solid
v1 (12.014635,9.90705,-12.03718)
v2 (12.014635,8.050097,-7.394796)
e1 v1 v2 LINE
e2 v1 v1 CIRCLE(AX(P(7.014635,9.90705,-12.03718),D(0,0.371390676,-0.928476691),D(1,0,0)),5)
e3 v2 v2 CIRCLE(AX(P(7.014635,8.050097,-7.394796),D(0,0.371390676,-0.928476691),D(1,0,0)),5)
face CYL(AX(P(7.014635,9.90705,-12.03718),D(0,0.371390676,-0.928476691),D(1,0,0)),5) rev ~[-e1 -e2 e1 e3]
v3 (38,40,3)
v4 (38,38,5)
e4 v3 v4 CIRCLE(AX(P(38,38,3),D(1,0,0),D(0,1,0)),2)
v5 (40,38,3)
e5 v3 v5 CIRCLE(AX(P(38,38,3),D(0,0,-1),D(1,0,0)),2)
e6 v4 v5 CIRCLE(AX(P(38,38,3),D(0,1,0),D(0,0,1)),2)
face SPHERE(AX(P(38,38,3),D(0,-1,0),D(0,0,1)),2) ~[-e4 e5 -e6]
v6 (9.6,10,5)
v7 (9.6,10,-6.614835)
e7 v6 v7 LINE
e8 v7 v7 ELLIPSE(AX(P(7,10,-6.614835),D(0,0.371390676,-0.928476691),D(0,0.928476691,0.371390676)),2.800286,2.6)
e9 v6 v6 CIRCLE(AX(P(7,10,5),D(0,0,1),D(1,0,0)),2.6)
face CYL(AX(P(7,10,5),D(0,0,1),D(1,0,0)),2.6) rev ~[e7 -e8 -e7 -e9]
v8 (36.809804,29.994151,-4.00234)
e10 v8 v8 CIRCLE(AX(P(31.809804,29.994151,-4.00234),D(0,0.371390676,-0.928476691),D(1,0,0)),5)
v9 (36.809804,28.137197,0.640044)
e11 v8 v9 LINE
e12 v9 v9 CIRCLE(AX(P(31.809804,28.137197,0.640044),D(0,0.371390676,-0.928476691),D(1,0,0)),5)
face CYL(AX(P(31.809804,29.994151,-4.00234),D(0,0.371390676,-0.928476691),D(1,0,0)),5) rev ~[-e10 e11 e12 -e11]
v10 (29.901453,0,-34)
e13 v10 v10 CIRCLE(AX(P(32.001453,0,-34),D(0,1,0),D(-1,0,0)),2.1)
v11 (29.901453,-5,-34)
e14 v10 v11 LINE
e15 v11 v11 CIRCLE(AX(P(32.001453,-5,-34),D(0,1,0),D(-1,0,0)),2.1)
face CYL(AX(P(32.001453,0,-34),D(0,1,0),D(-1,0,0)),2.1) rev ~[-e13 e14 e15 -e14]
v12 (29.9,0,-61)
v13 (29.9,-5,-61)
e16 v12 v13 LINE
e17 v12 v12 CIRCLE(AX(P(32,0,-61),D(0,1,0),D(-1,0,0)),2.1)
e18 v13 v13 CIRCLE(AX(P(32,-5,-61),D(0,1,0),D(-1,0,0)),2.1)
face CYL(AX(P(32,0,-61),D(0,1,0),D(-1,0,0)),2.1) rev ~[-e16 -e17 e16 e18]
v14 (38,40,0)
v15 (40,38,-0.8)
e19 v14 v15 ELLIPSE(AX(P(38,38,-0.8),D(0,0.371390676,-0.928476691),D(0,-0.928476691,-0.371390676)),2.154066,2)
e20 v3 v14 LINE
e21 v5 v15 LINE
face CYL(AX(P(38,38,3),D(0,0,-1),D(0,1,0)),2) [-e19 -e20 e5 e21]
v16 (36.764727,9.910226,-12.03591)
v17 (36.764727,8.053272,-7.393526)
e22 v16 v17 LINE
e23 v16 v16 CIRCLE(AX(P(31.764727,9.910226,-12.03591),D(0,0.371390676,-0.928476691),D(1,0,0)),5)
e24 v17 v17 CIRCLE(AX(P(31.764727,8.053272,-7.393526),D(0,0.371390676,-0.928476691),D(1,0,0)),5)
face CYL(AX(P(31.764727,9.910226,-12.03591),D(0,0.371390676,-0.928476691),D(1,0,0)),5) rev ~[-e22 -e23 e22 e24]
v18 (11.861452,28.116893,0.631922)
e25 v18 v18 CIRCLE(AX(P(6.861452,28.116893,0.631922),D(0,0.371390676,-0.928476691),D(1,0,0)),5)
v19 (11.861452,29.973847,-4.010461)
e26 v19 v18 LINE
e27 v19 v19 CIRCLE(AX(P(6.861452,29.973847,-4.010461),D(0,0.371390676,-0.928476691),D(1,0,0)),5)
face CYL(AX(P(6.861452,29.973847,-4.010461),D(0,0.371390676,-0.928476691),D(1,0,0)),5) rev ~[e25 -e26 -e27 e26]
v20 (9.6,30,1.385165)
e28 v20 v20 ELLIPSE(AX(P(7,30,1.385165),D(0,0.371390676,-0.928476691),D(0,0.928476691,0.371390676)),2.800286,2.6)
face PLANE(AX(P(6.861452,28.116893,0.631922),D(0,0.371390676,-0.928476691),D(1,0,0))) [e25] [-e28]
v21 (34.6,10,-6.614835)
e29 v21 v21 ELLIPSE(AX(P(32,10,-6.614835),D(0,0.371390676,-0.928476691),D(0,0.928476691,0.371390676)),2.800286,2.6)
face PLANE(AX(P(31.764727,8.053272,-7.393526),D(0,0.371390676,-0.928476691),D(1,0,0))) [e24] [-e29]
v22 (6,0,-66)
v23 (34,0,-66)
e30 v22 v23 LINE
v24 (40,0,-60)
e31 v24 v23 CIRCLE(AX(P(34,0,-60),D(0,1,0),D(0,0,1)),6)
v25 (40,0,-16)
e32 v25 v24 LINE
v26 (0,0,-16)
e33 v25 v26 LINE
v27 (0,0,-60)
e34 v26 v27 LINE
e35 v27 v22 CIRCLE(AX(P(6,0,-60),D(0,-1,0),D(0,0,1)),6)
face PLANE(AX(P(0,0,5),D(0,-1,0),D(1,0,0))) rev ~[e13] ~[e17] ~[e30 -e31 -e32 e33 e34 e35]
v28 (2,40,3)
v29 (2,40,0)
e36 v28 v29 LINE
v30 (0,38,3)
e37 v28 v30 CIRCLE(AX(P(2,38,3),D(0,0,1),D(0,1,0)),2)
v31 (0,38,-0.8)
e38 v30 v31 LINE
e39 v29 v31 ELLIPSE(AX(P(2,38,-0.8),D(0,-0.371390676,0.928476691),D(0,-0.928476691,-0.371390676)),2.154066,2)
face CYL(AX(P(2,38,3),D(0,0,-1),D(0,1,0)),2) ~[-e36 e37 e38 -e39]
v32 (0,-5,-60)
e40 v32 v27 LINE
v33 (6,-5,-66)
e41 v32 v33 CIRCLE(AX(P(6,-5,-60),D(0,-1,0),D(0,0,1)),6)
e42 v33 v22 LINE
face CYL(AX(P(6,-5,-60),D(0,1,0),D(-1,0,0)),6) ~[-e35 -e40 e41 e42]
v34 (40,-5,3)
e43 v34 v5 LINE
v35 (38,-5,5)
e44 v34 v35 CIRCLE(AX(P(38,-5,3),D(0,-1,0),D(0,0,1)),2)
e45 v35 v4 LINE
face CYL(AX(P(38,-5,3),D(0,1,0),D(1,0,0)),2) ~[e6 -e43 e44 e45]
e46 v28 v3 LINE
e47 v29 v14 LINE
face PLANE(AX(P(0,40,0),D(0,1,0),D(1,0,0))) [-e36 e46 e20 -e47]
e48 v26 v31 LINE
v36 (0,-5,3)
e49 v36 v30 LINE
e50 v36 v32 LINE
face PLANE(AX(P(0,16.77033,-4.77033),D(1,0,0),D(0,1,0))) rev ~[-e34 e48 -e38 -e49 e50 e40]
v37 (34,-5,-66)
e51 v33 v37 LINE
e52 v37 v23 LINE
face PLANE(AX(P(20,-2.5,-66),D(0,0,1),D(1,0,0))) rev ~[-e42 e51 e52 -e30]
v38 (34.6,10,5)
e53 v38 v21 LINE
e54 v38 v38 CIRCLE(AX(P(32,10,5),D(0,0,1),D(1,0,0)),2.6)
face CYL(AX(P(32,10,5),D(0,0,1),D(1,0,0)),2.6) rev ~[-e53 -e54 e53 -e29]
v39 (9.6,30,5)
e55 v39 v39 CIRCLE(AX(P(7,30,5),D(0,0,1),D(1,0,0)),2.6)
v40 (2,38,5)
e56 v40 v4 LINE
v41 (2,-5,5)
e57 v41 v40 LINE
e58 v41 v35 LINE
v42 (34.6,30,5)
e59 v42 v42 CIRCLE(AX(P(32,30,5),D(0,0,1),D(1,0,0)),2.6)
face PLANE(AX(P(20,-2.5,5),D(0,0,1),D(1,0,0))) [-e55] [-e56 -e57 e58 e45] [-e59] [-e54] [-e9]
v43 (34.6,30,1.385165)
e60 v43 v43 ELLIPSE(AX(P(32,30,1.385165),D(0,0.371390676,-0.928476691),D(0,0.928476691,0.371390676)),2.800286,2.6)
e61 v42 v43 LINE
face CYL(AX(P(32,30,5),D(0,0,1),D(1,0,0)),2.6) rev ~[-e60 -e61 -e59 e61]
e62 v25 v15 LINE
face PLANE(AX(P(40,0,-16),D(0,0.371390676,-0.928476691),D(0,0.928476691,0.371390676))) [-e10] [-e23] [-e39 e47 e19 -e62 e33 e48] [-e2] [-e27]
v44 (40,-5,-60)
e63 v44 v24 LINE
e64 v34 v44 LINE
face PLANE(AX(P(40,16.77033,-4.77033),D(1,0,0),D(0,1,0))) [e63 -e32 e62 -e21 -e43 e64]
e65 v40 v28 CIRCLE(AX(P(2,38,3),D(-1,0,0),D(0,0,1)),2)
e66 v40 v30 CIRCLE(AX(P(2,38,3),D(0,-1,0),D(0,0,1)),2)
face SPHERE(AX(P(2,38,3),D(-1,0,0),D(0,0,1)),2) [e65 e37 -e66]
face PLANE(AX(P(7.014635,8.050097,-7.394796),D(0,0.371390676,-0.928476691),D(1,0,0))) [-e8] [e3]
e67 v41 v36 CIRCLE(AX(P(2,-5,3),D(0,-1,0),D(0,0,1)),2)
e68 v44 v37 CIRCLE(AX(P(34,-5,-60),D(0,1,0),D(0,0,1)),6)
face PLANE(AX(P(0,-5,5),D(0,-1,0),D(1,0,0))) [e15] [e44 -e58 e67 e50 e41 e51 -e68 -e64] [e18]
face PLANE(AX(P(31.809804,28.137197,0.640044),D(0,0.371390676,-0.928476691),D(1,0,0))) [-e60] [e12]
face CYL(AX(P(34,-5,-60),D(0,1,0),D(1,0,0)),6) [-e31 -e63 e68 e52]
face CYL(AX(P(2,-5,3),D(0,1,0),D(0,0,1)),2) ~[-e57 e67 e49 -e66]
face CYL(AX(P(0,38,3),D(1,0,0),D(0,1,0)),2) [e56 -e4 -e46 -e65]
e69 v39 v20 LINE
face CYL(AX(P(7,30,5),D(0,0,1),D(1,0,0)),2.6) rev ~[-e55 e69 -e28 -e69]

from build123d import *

# Parameters (mm, degrees)
SKETCH_W        = 40
SKETCH_H        = 40
PAD_DEPTH       = 5
SKETCH001_W     = 40
SKETCH001_H     = 5
PAD001_DEPTH    = 71
PAD002_DEPTH    = 40
SKETCH004_R     = 2.1
POCKET_DEPTH    = 10
SKETCH008_R     = 2.6
POCKET002_DEPTH = 30
SKETCH009_R     = 5
POCKET003_DEPTH = 5
FILLET_R        = 2
FILLET001_R     = 2
FILLET002_R     = 2
FILLET003_R     = 6


with BuildPart() as part:
    # Sketch → Pad (new body)
    with BuildSketch(Plane.XY):
        with Locations((20, 20)):
            Rectangle(SKETCH_W, SKETCH_H)
    extrude(amount=PAD_DEPTH)

    # Sketch001 (on DatumPlane) → Pad001 (join)
    with BuildSketch(Plane.XY.offset(5)):
        with Locations((20, -2.5)):
            Rectangle(SKETCH001_W, SKETCH001_H)
    extrude(amount=-PAD001_DEPTH)

    # Sketch002 (on DatumPlane) → Pad002 (join)
    with BuildSketch(Plane.YZ.offset(40)):
        Polygon((40, 0), (0, 0), (0, -16), align=None)
    extrude(amount=-PAD002_DEPTH)

    # Sketch004 → Pocket (cut)
    with BuildSketch(Plane(origin=(0, 0, 0), x_dir=(-1, 0, 0), z_dir=(0, 1, 0))):
        with Locations((-32, -61)):
            Circle(SKETCH004_R)
        with Locations((-32.0014529651, -34.0000000391)):
            Circle(SKETCH004_R)
    extrude(amount=-POCKET_DEPTH, mode=Mode.SUBTRACT)

    # Sketch008 → Pocket002 (cut)
    with BuildSketch(Plane.XY.offset(5)):
        with Locations((7, 10)):
            Circle(SKETCH008_R)
        with Locations((32, 10)):
            Circle(SKETCH008_R)
        with Locations((32, 30)):
            Circle(SKETCH008_R)
        with Locations((7, 30)):
            Circle(SKETCH008_R)
    extrude(amount=-POCKET002_DEPTH, mode=Mode.SUBTRACT)

    # Sketch009 (on DatumPlane) → Pocket003 (cut)
    with BuildSketch(Plane(origin=(0, 5.5172413793, -13.7931034483), x_dir=(1, 0, 0), z_dir=(0, 0.3713906764, -0.9284766909))):
        with Locations((7.014635, -4.727969)):
            Circle(SKETCH009_R)
        with Locations((31.764727, -4.731389)):
            Circle(SKETCH009_R)
        with Locations((31.809804, -26.362438)):
            Circle(SKETCH009_R)
        with Locations((6.861452, -26.34057)):
            Circle(SKETCH009_R)
    extrude(amount=-POCKET003_DEPTH, mode=Mode.SUBTRACT)

    # Fillet
    fillet_edges = [part.edges().sort_by_distance(p)[0] for p in [
        (40, 20, 5),
    ]]
    fillet(fillet_edges, radius=FILLET_R)

    # Fillet001
    fillet001_edges = [part.edges().sort_by_distance(p)[0] for p in [
        (19, 40, 5),
    ]]
    fillet(fillet001_edges, radius=FILLET001_R)

    # Fillet002
    fillet002_edges = [part.edges().sort_by_distance(p)[0] for p in [
        (0, 19, 5),
    ]]
    fillet(fillet002_edges, radius=FILLET002_R)

    # Fillet003
    fillet003_edges = [part.edges().sort_by_distance(p)[0] for p in [
        (40, -2.5, -66),
        (0, -2.5, -66),
    ]]
    fillet(fillet003_edges, radius=FILLET003_R)


solid = part.part
